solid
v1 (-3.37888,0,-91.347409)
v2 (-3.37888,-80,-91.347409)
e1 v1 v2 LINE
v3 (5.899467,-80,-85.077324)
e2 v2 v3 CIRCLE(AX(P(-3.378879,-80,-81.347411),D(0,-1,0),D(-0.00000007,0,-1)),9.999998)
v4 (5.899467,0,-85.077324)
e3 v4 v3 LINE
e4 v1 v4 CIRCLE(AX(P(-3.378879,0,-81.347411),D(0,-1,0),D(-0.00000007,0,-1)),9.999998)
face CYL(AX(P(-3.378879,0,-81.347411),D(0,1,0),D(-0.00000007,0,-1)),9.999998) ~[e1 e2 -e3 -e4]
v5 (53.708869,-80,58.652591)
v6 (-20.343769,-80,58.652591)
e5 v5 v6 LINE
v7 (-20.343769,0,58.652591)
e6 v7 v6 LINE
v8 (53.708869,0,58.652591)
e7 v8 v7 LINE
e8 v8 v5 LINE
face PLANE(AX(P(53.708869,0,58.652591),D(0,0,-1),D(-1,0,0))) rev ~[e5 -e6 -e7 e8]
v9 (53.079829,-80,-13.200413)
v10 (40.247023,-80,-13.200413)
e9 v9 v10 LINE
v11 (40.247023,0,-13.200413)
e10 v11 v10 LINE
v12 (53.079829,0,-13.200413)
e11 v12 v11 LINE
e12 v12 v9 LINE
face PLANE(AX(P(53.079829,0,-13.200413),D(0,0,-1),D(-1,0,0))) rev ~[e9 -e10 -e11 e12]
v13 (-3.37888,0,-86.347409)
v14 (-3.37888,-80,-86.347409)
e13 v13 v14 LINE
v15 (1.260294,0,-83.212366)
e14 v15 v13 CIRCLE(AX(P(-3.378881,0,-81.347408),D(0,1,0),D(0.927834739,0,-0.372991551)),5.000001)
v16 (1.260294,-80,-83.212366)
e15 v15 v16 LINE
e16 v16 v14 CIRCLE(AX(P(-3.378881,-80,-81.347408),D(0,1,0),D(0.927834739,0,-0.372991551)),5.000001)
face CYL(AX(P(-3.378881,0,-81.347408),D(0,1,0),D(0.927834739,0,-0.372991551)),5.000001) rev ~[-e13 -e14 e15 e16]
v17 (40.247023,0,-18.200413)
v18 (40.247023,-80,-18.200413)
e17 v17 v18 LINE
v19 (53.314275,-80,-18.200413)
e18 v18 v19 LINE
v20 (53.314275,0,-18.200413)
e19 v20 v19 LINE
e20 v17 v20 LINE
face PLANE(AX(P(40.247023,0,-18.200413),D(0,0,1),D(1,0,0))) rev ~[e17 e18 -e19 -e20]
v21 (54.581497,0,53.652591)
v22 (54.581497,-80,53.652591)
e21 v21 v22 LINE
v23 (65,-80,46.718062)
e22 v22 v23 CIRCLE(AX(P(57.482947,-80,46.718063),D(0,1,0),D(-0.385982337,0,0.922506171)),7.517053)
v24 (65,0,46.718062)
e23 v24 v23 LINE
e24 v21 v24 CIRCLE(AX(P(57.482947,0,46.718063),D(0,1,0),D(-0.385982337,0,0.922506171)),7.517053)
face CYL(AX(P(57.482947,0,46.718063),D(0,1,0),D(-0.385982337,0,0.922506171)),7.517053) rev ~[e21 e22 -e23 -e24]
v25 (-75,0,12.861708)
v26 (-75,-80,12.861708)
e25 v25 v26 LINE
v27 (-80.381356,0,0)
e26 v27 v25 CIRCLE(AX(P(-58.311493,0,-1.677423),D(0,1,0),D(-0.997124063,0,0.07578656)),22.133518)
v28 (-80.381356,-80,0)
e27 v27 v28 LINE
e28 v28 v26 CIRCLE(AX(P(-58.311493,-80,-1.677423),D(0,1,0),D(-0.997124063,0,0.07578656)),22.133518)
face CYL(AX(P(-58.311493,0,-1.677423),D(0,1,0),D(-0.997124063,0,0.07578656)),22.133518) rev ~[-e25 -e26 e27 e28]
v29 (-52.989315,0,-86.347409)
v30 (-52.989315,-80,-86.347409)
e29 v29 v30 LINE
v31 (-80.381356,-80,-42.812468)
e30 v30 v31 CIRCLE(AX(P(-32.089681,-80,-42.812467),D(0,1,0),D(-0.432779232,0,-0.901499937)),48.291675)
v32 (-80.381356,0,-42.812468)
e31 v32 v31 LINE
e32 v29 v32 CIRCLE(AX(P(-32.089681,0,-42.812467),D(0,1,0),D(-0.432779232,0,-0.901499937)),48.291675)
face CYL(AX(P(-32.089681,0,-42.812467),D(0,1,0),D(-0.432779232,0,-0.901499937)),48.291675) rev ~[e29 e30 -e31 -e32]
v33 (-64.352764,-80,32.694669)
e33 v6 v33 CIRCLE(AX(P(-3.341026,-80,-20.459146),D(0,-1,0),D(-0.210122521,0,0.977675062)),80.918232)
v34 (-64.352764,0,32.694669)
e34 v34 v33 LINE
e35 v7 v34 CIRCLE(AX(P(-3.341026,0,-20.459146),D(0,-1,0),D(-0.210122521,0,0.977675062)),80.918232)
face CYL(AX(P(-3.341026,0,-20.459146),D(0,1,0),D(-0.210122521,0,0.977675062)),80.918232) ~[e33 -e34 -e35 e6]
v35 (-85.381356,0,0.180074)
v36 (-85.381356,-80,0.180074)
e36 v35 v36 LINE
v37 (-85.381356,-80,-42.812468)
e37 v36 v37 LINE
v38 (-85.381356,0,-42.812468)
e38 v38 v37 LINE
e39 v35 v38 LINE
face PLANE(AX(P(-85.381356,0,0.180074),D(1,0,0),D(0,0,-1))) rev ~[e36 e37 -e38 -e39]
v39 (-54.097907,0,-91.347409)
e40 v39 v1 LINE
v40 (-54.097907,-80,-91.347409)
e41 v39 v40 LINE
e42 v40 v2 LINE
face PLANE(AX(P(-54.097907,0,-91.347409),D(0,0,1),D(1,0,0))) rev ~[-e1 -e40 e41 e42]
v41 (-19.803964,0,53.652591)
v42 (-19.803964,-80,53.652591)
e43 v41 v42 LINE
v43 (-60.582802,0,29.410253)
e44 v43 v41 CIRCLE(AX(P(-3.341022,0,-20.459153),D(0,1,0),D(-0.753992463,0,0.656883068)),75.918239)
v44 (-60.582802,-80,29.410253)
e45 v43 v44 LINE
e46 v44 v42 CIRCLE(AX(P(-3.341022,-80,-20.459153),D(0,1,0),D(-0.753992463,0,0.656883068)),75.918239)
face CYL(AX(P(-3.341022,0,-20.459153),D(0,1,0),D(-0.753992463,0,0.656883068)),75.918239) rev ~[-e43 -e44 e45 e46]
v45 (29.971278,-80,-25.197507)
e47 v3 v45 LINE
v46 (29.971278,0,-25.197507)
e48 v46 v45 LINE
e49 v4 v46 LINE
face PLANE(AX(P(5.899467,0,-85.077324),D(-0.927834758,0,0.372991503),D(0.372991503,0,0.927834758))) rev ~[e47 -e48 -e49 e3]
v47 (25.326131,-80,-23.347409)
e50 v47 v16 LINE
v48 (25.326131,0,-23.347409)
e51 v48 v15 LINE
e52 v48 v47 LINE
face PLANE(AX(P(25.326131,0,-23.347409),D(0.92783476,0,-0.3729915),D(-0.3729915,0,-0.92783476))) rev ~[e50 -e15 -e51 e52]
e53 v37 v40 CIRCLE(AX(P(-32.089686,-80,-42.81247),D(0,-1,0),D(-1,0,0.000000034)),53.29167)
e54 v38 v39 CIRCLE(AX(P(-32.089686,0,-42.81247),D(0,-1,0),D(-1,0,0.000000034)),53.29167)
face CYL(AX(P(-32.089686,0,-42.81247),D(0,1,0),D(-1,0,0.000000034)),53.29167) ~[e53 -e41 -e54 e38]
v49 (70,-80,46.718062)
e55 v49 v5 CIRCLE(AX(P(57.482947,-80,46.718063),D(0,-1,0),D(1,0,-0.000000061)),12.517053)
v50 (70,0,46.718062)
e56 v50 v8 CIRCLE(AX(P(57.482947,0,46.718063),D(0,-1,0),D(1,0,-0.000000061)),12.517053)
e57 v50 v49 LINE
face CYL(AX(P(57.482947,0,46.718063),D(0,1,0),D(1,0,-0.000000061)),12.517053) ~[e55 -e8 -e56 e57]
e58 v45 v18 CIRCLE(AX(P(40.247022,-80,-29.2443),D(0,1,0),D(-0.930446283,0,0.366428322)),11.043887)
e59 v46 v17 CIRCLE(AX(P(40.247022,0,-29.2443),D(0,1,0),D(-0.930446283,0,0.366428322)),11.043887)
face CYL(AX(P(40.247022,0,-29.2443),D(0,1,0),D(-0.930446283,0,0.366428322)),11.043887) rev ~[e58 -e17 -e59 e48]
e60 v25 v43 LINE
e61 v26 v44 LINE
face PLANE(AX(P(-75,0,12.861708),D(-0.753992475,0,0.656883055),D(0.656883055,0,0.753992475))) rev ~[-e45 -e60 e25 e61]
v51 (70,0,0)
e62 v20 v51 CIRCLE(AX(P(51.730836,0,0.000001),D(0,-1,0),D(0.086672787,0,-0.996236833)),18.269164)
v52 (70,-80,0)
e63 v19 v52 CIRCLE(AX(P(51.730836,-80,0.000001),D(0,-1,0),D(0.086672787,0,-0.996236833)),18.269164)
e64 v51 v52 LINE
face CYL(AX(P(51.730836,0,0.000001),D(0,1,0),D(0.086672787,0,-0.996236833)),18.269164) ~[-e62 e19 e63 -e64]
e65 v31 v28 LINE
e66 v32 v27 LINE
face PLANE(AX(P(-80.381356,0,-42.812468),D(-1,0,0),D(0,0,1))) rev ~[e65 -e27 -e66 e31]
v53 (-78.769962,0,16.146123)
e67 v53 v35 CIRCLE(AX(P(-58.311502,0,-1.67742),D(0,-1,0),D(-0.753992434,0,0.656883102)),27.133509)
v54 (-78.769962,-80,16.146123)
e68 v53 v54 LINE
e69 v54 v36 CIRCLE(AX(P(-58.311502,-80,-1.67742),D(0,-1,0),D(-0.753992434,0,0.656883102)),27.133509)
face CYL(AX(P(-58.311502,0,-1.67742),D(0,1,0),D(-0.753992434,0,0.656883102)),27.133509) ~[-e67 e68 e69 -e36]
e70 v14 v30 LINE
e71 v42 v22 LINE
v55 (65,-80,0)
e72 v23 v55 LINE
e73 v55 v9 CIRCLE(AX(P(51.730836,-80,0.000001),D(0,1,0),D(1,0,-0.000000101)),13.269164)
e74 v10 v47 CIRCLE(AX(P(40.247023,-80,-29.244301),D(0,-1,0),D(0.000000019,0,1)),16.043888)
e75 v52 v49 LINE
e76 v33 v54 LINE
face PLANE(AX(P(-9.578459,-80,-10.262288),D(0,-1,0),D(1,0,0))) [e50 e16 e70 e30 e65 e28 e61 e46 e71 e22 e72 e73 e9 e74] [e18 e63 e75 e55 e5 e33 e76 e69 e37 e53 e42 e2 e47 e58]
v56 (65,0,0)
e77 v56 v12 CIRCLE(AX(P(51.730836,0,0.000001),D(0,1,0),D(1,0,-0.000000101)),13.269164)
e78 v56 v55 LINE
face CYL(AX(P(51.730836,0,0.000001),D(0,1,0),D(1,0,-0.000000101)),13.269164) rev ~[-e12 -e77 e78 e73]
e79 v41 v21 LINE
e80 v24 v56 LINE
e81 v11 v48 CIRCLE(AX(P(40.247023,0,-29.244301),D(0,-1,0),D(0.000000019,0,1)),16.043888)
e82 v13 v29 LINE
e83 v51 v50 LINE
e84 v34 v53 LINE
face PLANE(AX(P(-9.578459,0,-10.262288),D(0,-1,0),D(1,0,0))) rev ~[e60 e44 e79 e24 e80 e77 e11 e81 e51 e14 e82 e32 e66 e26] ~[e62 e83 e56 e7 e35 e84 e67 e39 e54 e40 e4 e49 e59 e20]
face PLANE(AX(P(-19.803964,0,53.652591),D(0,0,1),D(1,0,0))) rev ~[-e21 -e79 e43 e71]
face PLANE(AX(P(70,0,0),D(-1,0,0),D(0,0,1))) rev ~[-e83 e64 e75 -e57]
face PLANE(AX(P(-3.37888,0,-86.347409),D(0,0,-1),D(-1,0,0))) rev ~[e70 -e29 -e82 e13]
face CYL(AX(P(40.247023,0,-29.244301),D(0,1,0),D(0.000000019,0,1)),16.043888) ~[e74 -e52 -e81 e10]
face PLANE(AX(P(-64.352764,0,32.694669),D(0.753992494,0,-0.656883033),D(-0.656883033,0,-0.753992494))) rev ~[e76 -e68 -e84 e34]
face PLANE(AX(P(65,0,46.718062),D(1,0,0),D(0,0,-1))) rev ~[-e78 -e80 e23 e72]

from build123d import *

# Parameters (mm, degrees)
F2_DEPTH = 80


with BuildPart() as f2:
    # F1 (on Front) → F2 (new body)
    with BuildSketch(Plane.XZ):
        with BuildLine():
            Line((53.708869, 58.652591), (-20.343769, 58.652591))
            ThreePointArc((-20.343769, 58.652591), (-44.450858, 49.238357), (-64.352764, 32.694669))
            Line((-64.352764, 32.694669), (-78.769962, 16.146123))
            ThreePointArc((-78.769962, 16.146123), (-83.380683, 8.703497), (-85.381356, 0.180074))
            Line((-85.381356, 0.180074), (-85.381356, -18.964757))
            Line((-85.381356, -18.964757), (-85.381356, -27.74426))
            Line((-85.381356, -27.74426), (-85.381356, -42.812468))
            ThreePointArc((-85.381356, -42.812468), (-76.882861, -71.684144), (-54.097907, -91.347409))
            Line((-54.097907, -91.347409), (-3.37888, -91.347409))
            ThreePointArc((-3.37888, -91.347409), (2.220265, -89.632913), (5.899467, -85.077324))
            Line((5.899467, -85.077324), (29.971278, -25.197507))
            ThreePointArc((29.971278, -25.197507), (34.031111, -20.115779), (40.247023, -18.200413))
            Line((40.247023, -18.200413), (53.314275, -18.200413))
            ThreePointArc((53.314275, -18.200413), (65.197284, -12.345732), (70, 0))
            Line((70, 0), (70, 46.718062))
            ThreePointArc((70, 46.718062), (64.880118, 56.815512), (53.708869, 58.652591))
        make_face()
        with BuildLine():
            Line((-80.381356, -27.74426), (-80.381356, -18.964757))
            Line((-80.381356, -18.964757), (-80.381356, 0))
            ThreePointArc((-80.381356, 0), (-78.729835, 6.865639), (-75, 12.861708))
            Line((-75, 12.861708), (-60.582802, 29.410253))
            ThreePointArc((-60.582802, 29.410253), (-42.135599, 44.798489), (-19.803964, 53.652591))
            Line((-19.803964, 53.652591), (54.581497, 53.652591))
            ThreePointArc((54.581497, 53.652591), (61.648024, 52.975716), (65, 46.718062))
            Line((65, 46.718062), (65, 0))
            ThreePointArc((65, 0), (61.57895, -8.892994), (53.079829, -13.200413))
            Line((53.079829, -13.200413), (40.247023, -13.200413))
            ThreePointArc((40.247023, -13.200413), (31.224904, -15.977511), (25.326131, -23.347409))
            Line((25.326131, -23.347409), (1.260294, -83.212366))
            ThreePointArc((1.260294, -83.212366), (-0.579308, -85.490161), (-3.37888, -86.347409))
            Line((-3.37888, -86.347409), (-52.989315, -86.347409))
            ThreePointArc((-52.989315, -86.347409), (-72.963659, -68.530239), (-80.381356, -42.812468))
            Line((-80.381356, -42.812468), (-80.381356, -27.74426))
        make_face(mode=Mode.SUBTRACT)
    extrude(amount=F2_DEPTH)


solid = f2.part
